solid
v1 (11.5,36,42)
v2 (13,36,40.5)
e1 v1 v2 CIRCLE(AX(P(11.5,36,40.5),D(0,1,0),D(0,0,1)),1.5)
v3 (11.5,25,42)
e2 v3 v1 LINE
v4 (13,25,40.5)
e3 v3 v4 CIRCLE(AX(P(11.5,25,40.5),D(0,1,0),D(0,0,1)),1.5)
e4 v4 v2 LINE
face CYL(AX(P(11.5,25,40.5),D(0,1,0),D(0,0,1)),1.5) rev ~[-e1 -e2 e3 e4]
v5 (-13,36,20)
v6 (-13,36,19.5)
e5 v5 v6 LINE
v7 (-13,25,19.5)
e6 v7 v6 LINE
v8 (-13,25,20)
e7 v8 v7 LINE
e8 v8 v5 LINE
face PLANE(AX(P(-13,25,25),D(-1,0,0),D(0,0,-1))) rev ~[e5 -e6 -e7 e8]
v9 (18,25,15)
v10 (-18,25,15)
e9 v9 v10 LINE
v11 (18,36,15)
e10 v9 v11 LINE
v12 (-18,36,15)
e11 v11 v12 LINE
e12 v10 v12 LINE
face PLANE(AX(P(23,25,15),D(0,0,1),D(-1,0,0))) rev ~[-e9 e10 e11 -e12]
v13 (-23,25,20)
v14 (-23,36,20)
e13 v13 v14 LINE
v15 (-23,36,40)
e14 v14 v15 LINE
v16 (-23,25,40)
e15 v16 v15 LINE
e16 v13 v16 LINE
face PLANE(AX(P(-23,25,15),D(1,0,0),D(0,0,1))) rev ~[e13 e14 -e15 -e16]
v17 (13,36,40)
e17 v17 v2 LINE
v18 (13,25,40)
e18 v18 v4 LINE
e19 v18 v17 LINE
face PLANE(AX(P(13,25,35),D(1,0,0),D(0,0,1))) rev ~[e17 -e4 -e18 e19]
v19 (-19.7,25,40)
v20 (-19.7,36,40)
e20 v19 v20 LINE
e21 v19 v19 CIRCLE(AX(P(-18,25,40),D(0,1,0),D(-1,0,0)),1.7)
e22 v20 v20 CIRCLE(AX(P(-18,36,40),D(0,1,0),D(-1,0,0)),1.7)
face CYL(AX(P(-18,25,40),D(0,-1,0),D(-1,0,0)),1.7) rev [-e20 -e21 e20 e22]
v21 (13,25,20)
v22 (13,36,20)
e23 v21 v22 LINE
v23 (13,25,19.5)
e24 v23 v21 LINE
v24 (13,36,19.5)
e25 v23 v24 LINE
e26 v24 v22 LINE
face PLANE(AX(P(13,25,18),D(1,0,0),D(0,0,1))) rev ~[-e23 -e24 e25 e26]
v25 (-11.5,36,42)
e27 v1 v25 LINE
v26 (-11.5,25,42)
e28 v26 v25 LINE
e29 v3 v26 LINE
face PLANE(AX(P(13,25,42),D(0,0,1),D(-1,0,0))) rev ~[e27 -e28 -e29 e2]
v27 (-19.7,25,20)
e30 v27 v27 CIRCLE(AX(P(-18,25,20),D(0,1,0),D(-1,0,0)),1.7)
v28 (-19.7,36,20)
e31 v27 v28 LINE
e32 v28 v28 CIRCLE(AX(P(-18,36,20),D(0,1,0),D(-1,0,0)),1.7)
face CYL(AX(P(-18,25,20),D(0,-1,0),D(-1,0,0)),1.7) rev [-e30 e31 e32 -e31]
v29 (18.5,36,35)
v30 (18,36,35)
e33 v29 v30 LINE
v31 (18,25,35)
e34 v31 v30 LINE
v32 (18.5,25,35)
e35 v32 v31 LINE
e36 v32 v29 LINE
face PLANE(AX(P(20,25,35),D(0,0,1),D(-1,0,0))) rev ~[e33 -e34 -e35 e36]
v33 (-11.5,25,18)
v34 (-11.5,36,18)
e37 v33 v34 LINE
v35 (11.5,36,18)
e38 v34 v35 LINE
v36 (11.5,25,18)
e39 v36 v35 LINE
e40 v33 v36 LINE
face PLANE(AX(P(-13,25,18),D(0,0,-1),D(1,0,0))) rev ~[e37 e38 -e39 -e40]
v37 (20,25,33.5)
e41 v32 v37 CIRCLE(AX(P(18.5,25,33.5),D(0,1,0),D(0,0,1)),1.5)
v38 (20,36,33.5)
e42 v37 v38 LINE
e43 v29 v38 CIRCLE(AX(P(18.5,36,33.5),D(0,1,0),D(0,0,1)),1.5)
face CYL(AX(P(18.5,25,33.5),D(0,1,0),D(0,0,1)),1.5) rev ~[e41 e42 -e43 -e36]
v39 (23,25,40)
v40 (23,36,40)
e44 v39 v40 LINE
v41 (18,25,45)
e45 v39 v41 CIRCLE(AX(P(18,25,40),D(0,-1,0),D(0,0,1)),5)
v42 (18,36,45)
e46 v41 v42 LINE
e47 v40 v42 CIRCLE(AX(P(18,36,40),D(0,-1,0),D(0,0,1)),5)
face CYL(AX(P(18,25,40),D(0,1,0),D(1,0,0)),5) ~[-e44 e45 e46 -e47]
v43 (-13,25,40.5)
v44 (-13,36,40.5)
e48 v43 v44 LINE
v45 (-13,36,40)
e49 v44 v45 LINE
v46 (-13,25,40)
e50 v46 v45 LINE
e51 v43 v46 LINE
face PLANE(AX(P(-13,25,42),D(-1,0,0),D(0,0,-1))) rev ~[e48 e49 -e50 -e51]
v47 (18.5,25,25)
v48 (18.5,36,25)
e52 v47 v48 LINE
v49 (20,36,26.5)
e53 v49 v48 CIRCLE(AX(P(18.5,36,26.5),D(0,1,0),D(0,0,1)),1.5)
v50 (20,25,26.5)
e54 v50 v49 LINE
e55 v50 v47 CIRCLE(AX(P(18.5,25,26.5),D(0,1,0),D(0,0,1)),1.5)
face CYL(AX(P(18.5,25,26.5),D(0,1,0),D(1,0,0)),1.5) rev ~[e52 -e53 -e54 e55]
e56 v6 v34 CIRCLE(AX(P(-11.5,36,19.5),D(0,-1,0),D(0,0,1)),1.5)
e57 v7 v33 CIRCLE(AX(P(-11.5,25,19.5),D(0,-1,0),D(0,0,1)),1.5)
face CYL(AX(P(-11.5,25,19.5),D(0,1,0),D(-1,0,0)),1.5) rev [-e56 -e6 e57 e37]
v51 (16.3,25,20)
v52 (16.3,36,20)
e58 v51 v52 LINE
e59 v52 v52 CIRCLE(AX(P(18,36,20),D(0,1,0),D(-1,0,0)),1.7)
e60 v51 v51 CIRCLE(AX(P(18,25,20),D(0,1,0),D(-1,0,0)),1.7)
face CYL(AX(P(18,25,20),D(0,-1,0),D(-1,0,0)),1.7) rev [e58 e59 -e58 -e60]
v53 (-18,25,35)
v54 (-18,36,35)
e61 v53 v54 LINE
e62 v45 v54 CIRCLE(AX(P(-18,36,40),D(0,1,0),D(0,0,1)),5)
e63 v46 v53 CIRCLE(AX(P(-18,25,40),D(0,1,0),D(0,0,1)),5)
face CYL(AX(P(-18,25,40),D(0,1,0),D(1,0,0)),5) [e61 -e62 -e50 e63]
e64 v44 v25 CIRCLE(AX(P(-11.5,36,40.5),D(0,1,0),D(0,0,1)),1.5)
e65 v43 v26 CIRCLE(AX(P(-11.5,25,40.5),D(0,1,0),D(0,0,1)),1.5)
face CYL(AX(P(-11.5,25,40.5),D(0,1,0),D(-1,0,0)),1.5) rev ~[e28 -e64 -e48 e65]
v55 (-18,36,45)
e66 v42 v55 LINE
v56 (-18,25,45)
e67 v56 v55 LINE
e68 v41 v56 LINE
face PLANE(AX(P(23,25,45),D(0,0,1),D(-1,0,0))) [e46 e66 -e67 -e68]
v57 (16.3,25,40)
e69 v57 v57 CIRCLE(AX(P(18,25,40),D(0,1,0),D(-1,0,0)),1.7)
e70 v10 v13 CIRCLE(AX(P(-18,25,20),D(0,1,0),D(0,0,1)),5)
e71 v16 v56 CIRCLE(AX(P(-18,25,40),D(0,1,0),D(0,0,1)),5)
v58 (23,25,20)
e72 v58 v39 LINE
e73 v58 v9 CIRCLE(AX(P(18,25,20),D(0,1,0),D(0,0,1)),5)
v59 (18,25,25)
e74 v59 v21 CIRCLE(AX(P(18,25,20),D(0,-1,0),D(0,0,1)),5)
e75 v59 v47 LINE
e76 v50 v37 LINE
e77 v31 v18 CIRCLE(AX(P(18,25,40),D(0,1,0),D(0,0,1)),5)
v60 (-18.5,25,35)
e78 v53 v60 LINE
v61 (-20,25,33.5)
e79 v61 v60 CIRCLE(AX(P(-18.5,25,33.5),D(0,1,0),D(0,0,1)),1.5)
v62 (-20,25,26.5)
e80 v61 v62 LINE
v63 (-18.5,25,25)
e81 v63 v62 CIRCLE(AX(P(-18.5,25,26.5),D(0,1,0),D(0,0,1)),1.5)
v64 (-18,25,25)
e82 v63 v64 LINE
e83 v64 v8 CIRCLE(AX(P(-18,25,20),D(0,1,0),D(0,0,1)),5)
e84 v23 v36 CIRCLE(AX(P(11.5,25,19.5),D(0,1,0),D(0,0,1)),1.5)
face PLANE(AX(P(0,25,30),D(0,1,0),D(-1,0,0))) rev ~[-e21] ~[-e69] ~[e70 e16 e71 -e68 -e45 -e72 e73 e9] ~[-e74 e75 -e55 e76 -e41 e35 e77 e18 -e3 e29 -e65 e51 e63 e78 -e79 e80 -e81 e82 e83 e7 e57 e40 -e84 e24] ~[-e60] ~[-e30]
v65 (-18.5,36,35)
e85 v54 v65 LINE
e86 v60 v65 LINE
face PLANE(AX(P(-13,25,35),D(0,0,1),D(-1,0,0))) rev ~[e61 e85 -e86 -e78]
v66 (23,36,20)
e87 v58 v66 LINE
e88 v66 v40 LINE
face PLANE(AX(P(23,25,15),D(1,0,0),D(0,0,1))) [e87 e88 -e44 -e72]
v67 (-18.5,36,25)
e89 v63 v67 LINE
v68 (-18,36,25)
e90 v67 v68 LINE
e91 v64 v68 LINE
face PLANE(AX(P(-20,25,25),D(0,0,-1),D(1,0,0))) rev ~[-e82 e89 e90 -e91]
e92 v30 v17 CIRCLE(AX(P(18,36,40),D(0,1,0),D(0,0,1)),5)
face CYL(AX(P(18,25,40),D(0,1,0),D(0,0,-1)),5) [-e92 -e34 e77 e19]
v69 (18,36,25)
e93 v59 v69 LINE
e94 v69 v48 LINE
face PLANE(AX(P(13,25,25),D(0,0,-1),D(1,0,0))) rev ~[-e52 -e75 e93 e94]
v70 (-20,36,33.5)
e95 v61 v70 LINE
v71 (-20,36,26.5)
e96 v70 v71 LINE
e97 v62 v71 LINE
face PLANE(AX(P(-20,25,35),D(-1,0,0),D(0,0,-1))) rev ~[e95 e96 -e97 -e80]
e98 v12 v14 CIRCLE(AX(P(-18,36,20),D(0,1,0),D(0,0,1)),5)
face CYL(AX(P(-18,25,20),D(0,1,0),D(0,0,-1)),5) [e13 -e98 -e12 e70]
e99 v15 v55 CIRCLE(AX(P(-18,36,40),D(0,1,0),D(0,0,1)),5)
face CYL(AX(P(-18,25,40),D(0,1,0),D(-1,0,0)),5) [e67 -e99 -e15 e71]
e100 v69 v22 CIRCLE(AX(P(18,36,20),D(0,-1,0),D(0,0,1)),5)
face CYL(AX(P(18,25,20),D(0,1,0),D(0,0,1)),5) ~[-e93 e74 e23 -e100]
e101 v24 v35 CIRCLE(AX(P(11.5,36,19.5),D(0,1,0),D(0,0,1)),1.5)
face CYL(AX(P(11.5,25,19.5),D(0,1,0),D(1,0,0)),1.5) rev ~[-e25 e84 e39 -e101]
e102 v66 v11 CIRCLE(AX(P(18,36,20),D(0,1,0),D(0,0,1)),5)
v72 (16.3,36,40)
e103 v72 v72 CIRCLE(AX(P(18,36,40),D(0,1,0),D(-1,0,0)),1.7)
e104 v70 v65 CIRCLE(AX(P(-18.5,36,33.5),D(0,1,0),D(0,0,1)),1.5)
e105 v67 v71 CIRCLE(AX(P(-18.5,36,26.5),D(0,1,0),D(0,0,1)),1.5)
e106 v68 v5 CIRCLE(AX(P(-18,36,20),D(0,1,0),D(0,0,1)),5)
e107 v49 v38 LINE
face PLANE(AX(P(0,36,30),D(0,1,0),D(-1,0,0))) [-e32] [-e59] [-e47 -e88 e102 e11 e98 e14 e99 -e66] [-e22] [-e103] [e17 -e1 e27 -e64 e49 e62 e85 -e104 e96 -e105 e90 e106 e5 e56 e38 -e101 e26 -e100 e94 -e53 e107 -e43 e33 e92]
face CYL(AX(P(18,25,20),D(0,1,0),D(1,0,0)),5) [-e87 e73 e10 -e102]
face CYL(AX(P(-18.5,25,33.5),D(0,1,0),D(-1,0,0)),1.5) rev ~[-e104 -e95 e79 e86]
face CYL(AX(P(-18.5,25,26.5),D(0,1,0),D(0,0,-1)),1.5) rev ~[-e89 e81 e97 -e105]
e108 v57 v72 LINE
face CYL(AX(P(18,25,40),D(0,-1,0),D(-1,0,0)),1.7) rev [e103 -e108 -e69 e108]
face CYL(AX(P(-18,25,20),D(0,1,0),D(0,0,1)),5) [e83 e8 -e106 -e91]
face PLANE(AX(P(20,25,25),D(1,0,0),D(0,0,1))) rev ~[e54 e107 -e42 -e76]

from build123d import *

# Parameters (mm, degrees)
SKETCH006_W = 46
SKETCH006_H = 30
SKETCH006_R = 1.7
PAD_DEPTH   = 11
FILLET_R    = 5
FILLET001_R = 5
FILLET002_R = 5
FILLET003_R = 5
FILLET004_R = 5
FILLET005_R = 5
FILLET006_R = 5
FILLET007_R = 5
FILLET008_R = 1.5
FILLET009_R = 1.5
FILLET010_R = 1.5
FILLET011_R = 1.5
FILLET012_R = 1.5
FILLET013_R = 1.5
FILLET014_R = 1.5
FILLET015_R = 1.5


with BuildPart() as part:
    # Sketch006 → Pad (new body)
    with BuildSketch(Plane(origin=(0, 25, 0), x_dir=(-1, 0, 0), z_dir=(0, 1, 0))):
        with Locations((0, 30)):
            Rectangle(SKETCH006_W, SKETCH006_H)
        with Locations((-18, 20)):
            Circle(SKETCH006_R, mode=Mode.SUBTRACT)
        with Locations((18, 20)):
            Circle(SKETCH006_R, mode=Mode.SUBTRACT)
        with Locations((-18, 40)):
            Circle(SKETCH006_R, mode=Mode.SUBTRACT)
        with Locations((18, 40)):
            Circle(SKETCH006_R, mode=Mode.SUBTRACT)
        Polygon((-13, 35), (-13, 42), (13, 42), (13, 35), (20, 35), (20, 25), (13, 25), (13, 18), (-13, 18), (-13, 25), (-20, 25), (-20, 35), align=None, mode=Mode.SUBTRACT)
    extrude(amount=PAD_DEPTH)

    # Fillet
    fillet_edges = [part.edges().sort_by_distance(p)[0] for p in [
        (23, 30.5, 45),
    ]]
    fillet(fillet_edges, radius=FILLET_R)

    # Fillet001
    fillet001_edges = [part.edges().sort_by_distance(p)[0] for p in [
        (23, 30.5, 15),
    ]]
    fillet(fillet001_edges, radius=FILLET001_R)

    # Fillet002
    fillet002_edges = [part.edges().sort_by_distance(p)[0] for p in [
        (-23, 30.5, 15),
    ]]
    fillet(fillet002_edges, radius=FILLET002_R)

    # Fillet003
    fillet003_edges = [part.edges().sort_by_distance(p)[0] for p in [
        (-23, 30.5, 45),
    ]]
    fillet(fillet003_edges, radius=FILLET003_R)

    # Fillet004
    fillet004_edges = [part.edges().sort_by_distance(p)[0] for p in [
        (13, 30.5, 25),
    ]]
    fillet(fillet004_edges, radius=FILLET004_R)

    # Fillet005
    fillet005_edges = [part.edges().sort_by_distance(p)[0] for p in [
        (13, 30.5, 35),
    ]]
    fillet(fillet005_edges, radius=FILLET005_R)

    # Fillet006
    fillet006_edges = [part.edges().sort_by_distance(p)[0] for p in [
        (-13, 30.5, 35),
    ]]
    fillet(fillet006_edges, radius=FILLET006_R)

    # Fillet007
    fillet007_edges = [part.edges().sort_by_distance(p)[0] for p in [
        (-13, 30.5, 25),
    ]]
    fillet(fillet007_edges, radius=FILLET007_R)

    # Fillet008
    fillet008_edges = [part.edges().sort_by_distance(p)[0] for p in [
        (-13, 30.5, 42),
    ]]
    fillet(fillet008_edges, radius=FILLET008_R)

    # Fillet009
    fillet009_edges = [part.edges().sort_by_distance(p)[0] for p in [
        (13, 30.5, 42),
    ]]
    fillet(fillet009_edges, radius=FILLET009_R)

    # Fillet010
    fillet010_edges = [part.edges().sort_by_distance(p)[0] for p in [
        (20, 30.5, 35),
    ]]
    fillet(fillet010_edges, radius=FILLET010_R)

    # Fillet011
    fillet011_edges = [part.edges().sort_by_distance(p)[0] for p in [
        (20, 30.5, 25),
    ]]
    fillet(fillet011_edges, radius=FILLET011_R)

    # Fillet012
    fillet012_edges = [part.edges().sort_by_distance(p)[0] for p in [
        (13, 30.5, 18),
    ]]
    fillet(fillet012_edges, radius=FILLET012_R)

    # Fillet013
    fillet013_edges = [part.edges().sort_by_distance(p)[0] for p in [
        (-20, 30.5, 35),
    ]]
    fillet(fillet013_edges, radius=FILLET013_R)

    # Fillet014
    fillet014_edges = [part.edges().sort_by_distance(p)[0] for p in [
        (-13, 30.5, 18),
    ]]
    fillet(fillet014_edges, radius=FILLET014_R)

    # Fillet015
    fillet015_edges = [part.edges().sort_by_distance(p)[0] for p in [
        (-20, 30.5, 25),
    ]]
    fillet(fillet015_edges, radius=FILLET015_R)


solid = part.part
